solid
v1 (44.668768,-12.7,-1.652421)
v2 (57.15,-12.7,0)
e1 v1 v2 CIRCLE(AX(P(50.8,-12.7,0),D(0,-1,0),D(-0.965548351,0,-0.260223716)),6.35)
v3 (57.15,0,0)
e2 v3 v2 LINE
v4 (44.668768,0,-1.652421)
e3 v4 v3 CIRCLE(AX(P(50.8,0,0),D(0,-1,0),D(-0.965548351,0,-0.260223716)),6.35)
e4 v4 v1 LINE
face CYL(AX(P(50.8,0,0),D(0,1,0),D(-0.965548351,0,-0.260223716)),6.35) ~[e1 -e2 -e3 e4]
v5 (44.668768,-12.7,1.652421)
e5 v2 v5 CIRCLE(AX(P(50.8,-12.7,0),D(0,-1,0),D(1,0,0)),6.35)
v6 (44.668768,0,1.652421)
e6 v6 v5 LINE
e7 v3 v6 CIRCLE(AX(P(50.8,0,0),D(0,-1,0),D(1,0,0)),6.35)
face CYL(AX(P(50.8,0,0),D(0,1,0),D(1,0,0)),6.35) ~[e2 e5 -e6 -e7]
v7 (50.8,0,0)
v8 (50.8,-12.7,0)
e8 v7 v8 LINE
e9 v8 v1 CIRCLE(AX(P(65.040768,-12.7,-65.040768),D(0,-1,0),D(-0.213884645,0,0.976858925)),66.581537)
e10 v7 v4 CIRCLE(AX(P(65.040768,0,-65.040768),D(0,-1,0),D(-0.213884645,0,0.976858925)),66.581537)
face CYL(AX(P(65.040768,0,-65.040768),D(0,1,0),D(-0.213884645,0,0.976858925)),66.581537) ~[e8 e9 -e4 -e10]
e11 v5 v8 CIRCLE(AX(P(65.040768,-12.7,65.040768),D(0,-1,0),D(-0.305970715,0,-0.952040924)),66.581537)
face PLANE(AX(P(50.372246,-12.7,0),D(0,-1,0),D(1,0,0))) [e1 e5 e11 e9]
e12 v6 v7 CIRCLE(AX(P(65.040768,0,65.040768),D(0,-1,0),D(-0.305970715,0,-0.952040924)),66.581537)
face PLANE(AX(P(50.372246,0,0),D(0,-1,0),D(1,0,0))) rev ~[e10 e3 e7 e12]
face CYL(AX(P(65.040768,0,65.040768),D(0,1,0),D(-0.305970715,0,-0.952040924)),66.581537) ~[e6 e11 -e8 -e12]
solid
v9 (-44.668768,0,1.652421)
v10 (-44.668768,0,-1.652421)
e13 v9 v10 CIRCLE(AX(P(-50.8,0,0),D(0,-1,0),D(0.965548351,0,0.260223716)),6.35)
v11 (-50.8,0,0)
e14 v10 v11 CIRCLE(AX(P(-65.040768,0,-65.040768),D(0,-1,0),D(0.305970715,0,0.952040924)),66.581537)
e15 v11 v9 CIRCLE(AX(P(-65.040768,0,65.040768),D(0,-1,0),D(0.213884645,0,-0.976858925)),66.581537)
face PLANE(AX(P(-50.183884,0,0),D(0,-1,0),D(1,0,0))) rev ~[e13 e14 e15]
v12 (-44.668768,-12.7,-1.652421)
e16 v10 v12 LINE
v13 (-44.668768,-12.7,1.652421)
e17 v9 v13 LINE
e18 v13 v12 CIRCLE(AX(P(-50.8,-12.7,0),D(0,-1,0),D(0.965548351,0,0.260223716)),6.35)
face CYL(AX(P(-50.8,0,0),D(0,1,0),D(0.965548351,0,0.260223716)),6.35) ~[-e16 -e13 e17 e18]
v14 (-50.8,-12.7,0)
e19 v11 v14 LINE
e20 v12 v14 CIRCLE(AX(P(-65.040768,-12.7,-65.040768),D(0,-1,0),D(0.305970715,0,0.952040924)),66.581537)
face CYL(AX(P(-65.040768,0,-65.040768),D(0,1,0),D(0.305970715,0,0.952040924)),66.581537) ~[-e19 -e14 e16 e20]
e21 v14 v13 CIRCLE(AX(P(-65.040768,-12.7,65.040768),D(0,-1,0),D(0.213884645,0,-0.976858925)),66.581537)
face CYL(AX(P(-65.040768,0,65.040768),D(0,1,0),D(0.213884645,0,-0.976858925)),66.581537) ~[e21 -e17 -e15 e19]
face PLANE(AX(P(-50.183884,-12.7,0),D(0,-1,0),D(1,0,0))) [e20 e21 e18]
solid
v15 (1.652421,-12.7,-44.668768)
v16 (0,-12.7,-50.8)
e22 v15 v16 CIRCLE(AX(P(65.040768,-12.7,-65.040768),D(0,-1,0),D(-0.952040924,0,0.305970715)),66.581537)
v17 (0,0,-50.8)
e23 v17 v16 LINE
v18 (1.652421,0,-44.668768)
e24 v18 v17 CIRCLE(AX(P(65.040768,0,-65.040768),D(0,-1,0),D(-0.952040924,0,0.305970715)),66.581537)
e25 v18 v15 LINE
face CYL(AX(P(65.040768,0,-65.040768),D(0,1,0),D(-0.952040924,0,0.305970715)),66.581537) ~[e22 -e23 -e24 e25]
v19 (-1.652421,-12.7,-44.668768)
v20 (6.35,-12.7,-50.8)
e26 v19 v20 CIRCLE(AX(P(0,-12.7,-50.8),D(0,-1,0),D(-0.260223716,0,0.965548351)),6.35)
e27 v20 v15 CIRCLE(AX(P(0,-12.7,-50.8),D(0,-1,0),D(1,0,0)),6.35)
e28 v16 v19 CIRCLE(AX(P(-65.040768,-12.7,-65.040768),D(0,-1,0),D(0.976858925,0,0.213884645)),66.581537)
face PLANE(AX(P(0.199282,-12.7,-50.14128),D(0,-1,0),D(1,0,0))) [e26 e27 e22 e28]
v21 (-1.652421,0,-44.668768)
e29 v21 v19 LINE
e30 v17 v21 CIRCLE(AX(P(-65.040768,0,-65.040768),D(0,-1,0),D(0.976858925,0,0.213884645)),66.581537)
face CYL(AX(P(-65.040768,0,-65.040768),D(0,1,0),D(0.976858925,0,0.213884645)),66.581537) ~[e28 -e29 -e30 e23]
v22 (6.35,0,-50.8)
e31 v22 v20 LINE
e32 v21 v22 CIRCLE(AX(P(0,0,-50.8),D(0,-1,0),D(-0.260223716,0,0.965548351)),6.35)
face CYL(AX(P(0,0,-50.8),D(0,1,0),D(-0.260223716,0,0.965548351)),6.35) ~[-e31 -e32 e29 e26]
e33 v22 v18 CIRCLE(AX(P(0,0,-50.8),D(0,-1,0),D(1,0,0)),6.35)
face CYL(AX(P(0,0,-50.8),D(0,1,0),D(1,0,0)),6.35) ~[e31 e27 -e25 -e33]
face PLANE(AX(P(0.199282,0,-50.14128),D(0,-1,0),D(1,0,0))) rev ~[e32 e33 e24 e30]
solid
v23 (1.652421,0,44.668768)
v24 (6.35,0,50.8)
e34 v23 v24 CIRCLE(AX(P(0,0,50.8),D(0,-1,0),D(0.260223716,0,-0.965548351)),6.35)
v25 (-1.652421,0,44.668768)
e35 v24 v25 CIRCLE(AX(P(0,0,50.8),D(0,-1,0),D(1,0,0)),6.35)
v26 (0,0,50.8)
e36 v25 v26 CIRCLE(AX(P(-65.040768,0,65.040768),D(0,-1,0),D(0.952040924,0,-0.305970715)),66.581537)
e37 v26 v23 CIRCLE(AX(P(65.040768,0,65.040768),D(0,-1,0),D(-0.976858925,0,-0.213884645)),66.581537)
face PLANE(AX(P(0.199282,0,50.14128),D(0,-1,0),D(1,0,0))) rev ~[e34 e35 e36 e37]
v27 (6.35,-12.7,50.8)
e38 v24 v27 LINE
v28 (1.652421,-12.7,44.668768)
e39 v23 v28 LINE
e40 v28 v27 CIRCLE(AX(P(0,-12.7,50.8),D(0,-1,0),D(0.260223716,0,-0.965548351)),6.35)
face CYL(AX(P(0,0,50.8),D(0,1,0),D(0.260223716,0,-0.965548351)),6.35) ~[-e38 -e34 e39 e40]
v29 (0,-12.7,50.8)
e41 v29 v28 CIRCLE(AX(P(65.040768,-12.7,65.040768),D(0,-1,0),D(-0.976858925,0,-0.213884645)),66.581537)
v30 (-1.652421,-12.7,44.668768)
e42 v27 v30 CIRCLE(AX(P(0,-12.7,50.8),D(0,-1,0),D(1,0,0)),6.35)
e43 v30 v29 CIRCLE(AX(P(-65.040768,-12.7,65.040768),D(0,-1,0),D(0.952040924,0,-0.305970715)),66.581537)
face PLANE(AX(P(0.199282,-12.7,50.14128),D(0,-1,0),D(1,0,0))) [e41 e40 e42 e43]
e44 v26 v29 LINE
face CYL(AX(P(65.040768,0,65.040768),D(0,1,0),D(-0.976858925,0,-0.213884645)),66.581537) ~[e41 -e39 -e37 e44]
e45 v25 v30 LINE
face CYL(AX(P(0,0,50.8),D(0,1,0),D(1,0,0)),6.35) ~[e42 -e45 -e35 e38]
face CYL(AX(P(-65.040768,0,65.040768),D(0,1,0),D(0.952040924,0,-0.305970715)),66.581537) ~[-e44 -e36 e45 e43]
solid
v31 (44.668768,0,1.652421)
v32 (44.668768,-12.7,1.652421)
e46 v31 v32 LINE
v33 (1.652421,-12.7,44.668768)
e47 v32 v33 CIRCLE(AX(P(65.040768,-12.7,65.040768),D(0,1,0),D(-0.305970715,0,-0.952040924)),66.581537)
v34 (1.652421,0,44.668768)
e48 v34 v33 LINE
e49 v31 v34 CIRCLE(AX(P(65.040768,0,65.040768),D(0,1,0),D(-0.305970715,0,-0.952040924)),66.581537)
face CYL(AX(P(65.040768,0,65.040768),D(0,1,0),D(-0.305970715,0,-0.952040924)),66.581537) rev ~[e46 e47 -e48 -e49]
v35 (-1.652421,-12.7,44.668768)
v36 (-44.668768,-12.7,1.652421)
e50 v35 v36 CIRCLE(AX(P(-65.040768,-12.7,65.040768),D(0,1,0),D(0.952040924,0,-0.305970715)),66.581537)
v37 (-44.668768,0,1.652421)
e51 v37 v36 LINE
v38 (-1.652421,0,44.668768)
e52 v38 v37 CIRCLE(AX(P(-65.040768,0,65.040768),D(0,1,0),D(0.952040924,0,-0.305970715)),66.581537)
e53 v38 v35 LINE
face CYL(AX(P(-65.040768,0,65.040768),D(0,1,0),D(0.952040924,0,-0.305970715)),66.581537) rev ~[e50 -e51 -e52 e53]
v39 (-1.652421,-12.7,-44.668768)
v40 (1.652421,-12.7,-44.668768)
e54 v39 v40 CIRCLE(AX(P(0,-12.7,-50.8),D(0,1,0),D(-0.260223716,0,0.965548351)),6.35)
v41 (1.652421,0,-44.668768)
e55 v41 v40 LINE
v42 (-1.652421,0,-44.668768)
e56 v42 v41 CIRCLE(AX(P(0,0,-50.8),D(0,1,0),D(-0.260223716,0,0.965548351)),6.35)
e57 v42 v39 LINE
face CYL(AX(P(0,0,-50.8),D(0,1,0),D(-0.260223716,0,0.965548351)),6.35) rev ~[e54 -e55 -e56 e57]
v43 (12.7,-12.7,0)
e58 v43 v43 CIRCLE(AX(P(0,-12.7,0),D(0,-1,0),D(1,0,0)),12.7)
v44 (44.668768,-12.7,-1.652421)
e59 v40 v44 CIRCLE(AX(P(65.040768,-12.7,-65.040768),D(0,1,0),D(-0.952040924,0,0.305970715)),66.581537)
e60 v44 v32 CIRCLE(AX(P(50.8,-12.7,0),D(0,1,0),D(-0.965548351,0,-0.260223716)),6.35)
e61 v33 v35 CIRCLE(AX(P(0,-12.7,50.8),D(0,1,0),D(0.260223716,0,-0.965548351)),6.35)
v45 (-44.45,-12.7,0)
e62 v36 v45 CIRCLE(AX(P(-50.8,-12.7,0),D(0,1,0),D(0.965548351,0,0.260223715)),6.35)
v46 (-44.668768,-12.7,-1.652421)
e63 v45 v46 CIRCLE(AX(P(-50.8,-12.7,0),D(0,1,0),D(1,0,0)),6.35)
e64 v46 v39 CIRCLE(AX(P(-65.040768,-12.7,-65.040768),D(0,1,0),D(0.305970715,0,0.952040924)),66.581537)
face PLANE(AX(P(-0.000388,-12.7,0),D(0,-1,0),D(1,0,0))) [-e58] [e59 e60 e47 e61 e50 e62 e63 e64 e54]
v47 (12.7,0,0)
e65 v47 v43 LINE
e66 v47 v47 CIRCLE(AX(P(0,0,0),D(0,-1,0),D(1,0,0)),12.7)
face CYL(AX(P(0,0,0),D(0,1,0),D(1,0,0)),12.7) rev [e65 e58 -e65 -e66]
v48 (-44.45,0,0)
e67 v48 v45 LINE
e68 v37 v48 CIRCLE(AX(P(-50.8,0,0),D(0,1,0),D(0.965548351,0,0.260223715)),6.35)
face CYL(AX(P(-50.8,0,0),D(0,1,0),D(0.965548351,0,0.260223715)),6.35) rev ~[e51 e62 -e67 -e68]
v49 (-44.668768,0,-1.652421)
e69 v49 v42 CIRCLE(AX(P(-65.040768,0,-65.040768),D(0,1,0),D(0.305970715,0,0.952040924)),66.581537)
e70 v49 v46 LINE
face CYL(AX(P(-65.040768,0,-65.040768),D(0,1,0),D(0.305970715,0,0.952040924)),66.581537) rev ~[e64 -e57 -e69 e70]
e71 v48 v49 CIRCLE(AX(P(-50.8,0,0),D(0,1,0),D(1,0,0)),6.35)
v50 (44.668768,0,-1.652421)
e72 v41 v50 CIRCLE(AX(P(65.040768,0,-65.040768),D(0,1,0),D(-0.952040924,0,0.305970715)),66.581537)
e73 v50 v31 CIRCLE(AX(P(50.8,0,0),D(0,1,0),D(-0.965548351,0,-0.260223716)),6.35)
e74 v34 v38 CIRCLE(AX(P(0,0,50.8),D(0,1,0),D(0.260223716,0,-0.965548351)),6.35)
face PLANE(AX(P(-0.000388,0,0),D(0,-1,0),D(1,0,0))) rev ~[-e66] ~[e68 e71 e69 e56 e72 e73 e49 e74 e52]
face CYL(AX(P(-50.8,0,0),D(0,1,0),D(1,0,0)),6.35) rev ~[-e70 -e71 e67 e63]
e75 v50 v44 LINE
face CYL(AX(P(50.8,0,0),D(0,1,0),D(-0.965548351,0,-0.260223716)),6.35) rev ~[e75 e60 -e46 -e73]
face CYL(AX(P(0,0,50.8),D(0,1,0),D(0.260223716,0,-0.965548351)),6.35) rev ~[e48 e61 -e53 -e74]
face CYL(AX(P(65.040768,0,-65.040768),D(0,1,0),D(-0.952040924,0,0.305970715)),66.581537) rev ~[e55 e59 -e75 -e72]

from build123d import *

# Parameters (mm, degrees)
F0_R     = 12.7
F1_DEPTH = 12.7


with BuildPart() as f1:
    # F0 (on Front) → F1 (new body)
    with BuildSketch(Plane.XZ):
        with BuildLine():
            ThreePointArc((44.668767972, -1.652420594), (44.45, 0), (44.668767972, 1.652420594))
            ThreePointArc((44.668767972, 1.652420594), (17.9605122421, 17.9605122421), (1.652420594, 44.668767972))
            ThreePointArc((1.652420594, 44.668767972), (0, 44.45), (-1.652420594, 44.668767972))
            ThreePointArc((-1.652420594, 44.668767972), (-17.9605122421, 17.9605122421), (-44.668767972, 1.652420594))
            ThreePointArc((-44.668767972, 1.652420594), (-44.5049295724, 0.8334196489), (-44.45, 0))
            ThreePointArc((-44.45, 0), (-44.5049295724, -0.8334196489), (-44.668767972, -1.652420594))
            ThreePointArc((-44.668767972, -1.652420594), (-17.9605122421, -17.9605122421), (-1.652420594, -44.668767972))
            ThreePointArc((-1.652420594, -44.668767972), (0, -44.45), (1.652420594, -44.668767972))
            ThreePointArc((1.652420594, -44.668767972), (17.9605122421, -17.9605122421), (44.668767972, -1.652420594))
        make_face()
        Circle(F0_R, mode=Mode.SUBTRACT)
    extrude(amount=F1_DEPTH)


with BuildPart() as f1b:
    # F0 (on Front) → F1, piece 2 (new body)
    with BuildSketch(Plane.XZ):
        with BuildLine():
            ThreePointArc((-50.8, 0), (-47.7146734868, 0.7530753794), (-44.668767972, 1.652420594))
            ThreePointArc((-44.668767972, 1.652420594), (-57.15, 0), (-44.668767972, -1.652420594))
            ThreePointArc((-44.668767972, -1.652420594), (-47.7146734868, -0.7530753794), (-50.8, 0))
        make_face()
    extrude(amount=F1_DEPTH)


with BuildPart() as f1c:
    # F0 (on Front) → F1, piece 3 (new body)
    with BuildSketch(Plane.XZ):
        with BuildLine():
            ThreePointArc((0, 50.8), (0.7530753794, 47.7146734868), (1.652420594, 44.668767972))
            ThreePointArc((1.652420594, 44.668767972), (5.0406036728, 46.9380296979), (6.35, 50.8))
            ThreePointArc((6.35, 50.8), (-3.8619703021, 55.8406036728), (-1.652420594, 44.668767972))
            ThreePointArc((-1.652420594, 44.668767972), (-0.7530753794, 47.7146734868), (0, 50.8))
        make_face()
    extrude(amount=F1_DEPTH)


with BuildPart() as f1d:
    # F0 (on Front) → F1, piece 4 (new body)
    with BuildSketch(Plane.XZ):
        with BuildLine():
            ThreePointArc((44.668767972, -1.652420594), (51.6334196489, -6.2950704276), (57.15, 0))
            ThreePointArc((57.15, 0), (51.6334196489, 6.2950704276), (44.668767972, 1.652420594))
            ThreePointArc((44.668767972, 1.652420594), (47.7146734868, 0.7530753794), (50.8, 0))
            ThreePointArc((50.8, 0), (47.7146734868, -0.7530753794), (44.668767972, -1.652420594))
        make_face()
    extrude(amount=F1_DEPTH)


with BuildPart() as f1e:
    # F0 (on Front) → F1, piece 5 (new body)
    with BuildSketch(Plane.XZ):
        with BuildLine():
            ThreePointArc((6.35, -50.8), (5.0406036728, -46.9380296979), (1.652420594, -44.668767972))
            ThreePointArc((1.652420594, -44.668767972), (0.7530753794, -47.7146734868), (0, -50.8))
            ThreePointArc((0, -50.8), (-0.7530753794, -47.7146734868), (-1.652420594, -44.668767972))
            ThreePointArc((-1.652420594, -44.668767972), (-3.8619703021, -55.8406036728), (6.35, -50.8))
        make_face()
    extrude(amount=F1_DEPTH)


solid = Compound([f1.part, f1b.part, f1c.part, f1d.part, f1e.part])
